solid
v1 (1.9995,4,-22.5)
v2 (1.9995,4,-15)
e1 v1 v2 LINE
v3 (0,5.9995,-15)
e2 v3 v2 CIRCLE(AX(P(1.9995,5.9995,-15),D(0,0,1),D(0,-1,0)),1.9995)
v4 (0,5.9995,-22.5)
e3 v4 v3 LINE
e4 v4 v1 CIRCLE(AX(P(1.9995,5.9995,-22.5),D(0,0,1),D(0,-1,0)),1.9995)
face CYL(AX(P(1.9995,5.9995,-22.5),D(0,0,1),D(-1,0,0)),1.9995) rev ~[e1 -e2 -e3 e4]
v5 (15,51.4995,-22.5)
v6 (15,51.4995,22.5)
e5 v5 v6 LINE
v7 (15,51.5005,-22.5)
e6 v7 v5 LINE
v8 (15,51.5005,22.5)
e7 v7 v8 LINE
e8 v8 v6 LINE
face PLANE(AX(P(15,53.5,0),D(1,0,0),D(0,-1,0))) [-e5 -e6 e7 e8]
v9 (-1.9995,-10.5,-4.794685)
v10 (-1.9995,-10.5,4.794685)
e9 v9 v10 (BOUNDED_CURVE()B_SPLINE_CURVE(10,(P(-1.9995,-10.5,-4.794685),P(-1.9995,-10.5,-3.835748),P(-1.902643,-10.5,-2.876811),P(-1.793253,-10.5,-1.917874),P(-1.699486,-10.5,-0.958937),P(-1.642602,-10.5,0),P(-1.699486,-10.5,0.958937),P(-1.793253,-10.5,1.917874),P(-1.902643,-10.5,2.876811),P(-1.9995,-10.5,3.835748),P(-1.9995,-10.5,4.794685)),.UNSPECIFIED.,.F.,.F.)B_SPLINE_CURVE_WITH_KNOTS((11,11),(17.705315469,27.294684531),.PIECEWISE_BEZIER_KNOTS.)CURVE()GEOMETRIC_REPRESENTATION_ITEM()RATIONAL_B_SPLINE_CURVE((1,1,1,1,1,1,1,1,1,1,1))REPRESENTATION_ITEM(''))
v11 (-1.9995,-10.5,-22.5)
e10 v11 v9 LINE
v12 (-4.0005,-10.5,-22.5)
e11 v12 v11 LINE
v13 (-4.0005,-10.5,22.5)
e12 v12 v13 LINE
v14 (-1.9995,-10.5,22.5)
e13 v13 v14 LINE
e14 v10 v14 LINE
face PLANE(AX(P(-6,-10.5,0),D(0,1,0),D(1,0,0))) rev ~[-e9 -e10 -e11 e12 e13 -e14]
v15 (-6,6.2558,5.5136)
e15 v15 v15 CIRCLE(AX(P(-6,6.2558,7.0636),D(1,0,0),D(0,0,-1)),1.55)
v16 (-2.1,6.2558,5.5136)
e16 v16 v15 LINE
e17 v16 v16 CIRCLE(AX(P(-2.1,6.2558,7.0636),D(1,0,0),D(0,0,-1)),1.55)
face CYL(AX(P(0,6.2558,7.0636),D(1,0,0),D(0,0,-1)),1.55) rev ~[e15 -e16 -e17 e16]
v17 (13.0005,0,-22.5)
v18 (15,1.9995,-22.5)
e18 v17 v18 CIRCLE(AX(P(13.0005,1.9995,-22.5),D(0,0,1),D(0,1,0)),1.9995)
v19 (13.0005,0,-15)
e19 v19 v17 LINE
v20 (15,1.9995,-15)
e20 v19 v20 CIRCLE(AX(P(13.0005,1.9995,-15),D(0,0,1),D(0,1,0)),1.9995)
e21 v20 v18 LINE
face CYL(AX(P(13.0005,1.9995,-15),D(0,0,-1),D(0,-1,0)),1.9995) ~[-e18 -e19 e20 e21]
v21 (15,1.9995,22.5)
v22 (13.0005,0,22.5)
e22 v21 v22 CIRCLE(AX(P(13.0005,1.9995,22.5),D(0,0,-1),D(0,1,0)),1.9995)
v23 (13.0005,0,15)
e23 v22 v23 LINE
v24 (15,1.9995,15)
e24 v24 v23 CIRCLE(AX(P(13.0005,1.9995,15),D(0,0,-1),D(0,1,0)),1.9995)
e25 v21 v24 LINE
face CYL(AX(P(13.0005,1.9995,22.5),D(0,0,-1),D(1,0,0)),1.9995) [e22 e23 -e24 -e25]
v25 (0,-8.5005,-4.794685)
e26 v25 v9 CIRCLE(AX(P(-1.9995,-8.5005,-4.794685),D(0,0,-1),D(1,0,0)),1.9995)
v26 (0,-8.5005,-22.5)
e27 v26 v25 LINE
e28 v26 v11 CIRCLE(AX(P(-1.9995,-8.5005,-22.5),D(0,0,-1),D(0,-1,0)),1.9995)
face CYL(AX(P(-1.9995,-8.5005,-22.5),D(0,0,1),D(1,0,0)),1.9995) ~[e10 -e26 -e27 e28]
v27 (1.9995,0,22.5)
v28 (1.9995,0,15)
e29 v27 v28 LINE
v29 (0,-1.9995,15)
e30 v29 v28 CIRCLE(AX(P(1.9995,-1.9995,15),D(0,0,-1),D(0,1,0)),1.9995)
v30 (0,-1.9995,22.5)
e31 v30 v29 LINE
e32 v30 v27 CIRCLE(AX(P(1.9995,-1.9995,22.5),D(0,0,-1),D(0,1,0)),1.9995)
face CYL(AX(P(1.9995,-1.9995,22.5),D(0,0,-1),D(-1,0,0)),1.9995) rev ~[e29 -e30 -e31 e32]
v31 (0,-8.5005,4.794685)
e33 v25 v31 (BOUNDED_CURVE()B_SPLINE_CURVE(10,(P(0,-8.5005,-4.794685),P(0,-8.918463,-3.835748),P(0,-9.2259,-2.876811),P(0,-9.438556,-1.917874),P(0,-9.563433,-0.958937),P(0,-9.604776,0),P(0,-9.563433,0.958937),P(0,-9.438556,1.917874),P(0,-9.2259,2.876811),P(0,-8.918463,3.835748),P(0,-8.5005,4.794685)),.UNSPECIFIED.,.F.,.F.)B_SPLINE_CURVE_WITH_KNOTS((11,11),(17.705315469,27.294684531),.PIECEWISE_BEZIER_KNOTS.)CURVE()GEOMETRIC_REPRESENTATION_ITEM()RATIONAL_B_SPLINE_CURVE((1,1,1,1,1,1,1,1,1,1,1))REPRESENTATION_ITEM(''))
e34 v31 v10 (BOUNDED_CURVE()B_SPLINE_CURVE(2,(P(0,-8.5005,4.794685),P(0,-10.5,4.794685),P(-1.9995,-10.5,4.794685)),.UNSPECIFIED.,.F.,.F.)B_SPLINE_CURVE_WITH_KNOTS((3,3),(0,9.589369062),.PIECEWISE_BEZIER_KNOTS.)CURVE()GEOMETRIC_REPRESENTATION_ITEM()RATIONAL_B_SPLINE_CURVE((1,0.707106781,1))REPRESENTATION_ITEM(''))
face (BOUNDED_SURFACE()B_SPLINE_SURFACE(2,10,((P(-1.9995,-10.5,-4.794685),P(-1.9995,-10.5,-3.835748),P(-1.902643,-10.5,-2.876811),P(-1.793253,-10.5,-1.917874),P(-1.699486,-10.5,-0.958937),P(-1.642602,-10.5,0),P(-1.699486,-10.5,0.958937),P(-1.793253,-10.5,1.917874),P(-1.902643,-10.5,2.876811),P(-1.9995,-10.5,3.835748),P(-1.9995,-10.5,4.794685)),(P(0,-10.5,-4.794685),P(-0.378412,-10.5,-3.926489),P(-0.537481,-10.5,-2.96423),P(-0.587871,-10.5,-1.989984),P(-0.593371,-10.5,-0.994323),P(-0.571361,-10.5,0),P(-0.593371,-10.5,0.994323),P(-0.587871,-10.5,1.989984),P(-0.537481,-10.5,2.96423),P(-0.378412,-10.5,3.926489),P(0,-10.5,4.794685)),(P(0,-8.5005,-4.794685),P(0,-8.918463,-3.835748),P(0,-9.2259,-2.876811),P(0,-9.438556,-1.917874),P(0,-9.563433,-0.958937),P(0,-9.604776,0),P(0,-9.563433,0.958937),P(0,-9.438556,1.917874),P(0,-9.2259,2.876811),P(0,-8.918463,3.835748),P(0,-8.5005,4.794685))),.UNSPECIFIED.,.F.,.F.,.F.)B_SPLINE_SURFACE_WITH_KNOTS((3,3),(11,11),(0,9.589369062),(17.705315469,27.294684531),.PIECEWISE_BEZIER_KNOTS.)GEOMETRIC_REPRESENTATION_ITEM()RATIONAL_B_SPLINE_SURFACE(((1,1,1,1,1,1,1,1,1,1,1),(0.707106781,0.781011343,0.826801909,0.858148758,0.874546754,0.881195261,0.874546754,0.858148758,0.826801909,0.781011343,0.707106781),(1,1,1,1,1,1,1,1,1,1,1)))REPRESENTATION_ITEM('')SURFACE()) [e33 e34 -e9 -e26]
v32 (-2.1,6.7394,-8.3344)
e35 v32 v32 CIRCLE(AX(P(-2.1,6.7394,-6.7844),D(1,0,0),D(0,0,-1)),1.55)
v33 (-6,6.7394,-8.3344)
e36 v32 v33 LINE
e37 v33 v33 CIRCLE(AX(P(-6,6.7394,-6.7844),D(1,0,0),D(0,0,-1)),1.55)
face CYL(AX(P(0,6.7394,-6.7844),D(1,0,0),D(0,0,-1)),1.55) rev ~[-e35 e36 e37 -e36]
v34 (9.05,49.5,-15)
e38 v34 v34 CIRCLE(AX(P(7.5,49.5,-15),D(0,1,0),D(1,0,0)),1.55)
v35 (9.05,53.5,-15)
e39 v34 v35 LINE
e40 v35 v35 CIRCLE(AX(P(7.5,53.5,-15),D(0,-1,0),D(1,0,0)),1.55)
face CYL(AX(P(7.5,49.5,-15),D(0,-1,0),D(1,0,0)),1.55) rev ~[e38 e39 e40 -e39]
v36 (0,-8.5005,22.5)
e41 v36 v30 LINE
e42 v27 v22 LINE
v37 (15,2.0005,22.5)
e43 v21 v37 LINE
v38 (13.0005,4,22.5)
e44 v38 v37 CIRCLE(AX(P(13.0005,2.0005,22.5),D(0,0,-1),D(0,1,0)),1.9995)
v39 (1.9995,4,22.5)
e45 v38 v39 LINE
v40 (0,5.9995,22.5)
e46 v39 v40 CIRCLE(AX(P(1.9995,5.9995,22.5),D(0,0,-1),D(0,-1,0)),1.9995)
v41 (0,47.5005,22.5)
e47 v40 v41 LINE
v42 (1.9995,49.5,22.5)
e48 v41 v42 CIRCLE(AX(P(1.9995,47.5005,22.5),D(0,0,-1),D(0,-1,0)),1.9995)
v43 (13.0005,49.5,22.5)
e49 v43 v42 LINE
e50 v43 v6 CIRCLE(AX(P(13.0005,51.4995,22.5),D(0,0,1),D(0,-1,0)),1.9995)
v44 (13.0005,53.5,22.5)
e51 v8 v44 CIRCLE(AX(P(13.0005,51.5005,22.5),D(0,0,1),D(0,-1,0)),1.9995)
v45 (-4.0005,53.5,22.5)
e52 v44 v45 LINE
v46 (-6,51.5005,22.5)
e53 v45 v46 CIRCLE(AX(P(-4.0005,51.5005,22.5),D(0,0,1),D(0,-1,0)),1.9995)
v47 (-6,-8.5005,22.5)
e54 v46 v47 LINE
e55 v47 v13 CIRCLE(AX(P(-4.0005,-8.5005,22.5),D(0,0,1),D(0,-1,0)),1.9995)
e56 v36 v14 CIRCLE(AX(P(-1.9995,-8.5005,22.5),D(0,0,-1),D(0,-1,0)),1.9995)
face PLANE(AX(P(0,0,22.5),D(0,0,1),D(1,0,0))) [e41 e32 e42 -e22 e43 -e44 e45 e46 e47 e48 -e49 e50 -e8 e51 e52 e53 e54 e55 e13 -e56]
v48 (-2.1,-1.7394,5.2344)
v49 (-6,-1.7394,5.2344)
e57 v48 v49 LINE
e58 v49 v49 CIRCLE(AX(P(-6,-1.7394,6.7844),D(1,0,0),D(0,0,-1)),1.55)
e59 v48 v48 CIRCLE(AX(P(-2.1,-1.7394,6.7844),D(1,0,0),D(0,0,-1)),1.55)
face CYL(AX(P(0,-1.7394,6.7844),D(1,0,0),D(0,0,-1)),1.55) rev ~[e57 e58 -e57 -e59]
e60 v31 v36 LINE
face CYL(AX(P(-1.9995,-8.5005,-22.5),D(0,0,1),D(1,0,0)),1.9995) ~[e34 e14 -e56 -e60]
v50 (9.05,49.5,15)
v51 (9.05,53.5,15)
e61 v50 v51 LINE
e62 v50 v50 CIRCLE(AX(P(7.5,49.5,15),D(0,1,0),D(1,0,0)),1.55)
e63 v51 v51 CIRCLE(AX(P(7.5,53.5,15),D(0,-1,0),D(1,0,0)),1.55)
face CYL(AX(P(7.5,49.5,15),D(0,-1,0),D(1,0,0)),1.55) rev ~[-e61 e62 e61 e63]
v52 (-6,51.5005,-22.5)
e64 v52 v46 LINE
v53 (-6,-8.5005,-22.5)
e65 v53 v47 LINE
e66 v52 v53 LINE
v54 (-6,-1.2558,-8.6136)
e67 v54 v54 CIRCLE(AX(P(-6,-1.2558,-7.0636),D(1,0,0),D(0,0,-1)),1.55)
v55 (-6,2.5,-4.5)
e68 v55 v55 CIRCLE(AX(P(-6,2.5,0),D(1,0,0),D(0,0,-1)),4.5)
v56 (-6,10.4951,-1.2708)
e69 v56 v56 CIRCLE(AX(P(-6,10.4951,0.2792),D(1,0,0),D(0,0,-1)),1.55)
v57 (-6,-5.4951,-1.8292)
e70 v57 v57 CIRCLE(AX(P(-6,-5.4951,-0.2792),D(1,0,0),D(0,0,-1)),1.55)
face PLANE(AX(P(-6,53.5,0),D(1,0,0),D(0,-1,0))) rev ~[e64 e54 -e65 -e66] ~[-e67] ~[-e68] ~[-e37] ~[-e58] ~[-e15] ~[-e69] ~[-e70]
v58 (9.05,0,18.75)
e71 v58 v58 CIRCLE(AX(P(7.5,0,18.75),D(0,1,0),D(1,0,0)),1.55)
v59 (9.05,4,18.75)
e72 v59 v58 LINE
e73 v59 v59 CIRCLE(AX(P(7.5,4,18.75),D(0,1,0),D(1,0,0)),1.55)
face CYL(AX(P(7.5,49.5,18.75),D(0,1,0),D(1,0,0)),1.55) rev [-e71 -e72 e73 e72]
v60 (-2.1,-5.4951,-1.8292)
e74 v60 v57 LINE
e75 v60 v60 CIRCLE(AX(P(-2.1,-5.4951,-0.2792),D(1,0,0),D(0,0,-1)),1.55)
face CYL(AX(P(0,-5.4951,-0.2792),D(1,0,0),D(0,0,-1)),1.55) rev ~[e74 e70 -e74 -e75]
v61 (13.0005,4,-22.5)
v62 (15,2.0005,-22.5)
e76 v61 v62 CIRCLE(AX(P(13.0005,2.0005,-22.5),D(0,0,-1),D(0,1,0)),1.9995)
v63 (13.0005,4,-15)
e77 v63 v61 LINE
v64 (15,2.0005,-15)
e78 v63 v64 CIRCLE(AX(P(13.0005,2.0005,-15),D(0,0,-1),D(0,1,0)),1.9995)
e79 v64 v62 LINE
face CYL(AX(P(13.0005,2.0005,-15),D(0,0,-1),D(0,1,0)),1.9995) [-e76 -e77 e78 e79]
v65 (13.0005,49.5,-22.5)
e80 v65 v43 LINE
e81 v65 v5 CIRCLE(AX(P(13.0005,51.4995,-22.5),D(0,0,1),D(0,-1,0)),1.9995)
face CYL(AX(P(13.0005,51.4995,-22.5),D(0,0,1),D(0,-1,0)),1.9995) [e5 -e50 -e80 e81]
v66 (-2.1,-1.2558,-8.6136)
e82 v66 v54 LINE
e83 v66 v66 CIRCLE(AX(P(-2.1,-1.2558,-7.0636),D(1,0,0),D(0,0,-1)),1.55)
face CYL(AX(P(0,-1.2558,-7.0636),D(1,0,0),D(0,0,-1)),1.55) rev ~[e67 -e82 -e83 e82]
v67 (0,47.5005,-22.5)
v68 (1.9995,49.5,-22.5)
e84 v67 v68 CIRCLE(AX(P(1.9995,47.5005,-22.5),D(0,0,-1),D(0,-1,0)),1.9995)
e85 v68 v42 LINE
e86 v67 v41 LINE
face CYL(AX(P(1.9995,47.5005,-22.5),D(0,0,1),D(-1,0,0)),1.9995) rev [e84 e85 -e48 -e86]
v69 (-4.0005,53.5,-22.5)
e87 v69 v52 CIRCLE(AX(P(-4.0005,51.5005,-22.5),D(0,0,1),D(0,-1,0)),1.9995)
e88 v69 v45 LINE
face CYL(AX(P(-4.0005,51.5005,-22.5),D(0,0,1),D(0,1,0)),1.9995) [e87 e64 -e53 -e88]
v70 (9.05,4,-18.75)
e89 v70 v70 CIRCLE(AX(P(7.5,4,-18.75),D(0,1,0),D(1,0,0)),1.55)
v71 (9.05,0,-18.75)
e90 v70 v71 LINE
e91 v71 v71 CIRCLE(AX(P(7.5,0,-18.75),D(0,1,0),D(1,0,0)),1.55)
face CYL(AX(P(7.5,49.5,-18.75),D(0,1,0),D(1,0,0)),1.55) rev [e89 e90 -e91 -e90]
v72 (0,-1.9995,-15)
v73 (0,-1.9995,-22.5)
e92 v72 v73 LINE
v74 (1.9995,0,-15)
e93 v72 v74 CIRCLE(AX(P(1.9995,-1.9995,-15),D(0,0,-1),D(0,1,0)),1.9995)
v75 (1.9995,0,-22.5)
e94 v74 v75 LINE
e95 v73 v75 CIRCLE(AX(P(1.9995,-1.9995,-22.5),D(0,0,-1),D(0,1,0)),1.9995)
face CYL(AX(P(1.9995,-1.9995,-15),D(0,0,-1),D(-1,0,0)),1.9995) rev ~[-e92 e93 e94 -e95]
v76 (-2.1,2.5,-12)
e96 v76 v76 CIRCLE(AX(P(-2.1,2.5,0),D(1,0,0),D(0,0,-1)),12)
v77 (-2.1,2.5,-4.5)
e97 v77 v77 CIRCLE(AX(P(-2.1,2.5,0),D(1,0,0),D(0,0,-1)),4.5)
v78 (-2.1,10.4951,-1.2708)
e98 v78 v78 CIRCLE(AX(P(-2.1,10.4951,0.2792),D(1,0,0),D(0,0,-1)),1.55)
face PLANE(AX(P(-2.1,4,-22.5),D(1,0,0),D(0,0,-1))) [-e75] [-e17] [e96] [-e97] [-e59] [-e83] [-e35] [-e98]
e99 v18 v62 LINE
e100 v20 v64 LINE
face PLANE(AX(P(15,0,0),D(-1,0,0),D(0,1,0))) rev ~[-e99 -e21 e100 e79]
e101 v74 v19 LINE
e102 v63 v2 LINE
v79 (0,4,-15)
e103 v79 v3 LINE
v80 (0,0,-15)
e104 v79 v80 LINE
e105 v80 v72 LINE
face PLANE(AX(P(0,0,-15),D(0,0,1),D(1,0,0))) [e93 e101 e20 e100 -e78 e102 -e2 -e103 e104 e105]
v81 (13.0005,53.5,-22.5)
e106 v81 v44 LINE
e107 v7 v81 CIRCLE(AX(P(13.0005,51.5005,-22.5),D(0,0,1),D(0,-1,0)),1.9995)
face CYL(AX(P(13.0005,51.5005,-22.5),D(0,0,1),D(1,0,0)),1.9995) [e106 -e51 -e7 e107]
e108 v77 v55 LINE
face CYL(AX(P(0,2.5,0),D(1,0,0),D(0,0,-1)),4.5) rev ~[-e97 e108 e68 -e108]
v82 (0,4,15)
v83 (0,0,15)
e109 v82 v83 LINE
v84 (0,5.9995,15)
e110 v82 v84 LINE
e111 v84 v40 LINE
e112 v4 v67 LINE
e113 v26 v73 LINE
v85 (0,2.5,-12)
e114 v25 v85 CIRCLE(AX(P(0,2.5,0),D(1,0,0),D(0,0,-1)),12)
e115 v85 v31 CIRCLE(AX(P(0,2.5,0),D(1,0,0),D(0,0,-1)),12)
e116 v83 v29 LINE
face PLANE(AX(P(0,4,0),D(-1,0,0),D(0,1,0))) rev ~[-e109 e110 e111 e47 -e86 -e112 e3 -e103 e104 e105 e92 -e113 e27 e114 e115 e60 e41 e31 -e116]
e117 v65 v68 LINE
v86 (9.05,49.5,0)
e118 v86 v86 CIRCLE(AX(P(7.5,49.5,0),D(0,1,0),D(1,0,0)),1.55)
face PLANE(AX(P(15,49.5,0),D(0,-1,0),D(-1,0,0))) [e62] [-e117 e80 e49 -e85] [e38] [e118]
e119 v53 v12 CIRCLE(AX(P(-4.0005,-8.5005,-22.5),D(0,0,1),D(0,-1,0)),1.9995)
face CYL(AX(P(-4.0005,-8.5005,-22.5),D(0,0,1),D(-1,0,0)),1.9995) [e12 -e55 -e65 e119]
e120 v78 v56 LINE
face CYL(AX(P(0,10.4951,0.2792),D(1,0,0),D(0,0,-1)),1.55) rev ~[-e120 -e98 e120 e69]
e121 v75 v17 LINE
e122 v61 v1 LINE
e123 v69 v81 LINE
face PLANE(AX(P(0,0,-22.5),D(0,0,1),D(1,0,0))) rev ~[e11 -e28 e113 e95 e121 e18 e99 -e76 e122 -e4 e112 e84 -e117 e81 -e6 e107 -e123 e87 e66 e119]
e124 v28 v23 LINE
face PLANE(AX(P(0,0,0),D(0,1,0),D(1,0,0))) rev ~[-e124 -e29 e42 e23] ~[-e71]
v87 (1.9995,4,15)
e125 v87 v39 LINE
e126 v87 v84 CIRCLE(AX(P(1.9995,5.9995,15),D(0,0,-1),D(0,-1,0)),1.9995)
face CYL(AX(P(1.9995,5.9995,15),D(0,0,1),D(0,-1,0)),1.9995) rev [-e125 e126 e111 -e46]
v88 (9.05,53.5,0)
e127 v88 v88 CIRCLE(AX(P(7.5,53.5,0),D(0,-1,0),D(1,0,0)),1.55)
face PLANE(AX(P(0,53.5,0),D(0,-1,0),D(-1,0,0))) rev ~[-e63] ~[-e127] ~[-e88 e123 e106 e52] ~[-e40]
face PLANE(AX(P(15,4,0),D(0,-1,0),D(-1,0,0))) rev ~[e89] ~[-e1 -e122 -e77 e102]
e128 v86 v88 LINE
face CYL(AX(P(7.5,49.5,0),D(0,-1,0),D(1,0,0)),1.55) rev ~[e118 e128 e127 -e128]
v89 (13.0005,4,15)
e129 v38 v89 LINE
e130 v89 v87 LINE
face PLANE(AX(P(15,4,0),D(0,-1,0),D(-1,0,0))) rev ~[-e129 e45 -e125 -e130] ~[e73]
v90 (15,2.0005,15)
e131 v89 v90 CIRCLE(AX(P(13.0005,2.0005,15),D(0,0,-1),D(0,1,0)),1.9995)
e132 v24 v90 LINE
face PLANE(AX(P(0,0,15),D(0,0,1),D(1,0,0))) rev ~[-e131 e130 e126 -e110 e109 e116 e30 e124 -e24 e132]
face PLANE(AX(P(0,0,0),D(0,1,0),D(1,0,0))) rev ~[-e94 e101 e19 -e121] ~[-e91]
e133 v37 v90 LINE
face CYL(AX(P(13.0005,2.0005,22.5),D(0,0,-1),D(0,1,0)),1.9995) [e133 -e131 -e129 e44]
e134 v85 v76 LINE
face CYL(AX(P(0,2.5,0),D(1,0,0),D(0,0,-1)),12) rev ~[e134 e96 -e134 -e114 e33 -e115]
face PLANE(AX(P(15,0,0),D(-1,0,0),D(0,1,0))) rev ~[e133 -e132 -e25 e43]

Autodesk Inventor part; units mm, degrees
ref_plane "YZ Plane" through (0, 0, 0) normal (1, 0, 0) x (0, 1, 0)
ref_plane "XZ Plane" through (0, 0, 0) normal (0, 1, 0) x (-1, 0, 0)
ref_plane "XY Plane" through (0, 0, 0) normal (0, 0, 1) x (1, 0, 0)
sketch "Sketch1" plane through (0, 0, 0) normal (0, 0, 1) x (1, 0, 0)
  line L0 (0, 0) -> (15, 0)
  line L1 (15, 0) -> (15, 4)
  line L2 (15, 4) -> (0, 4)
  line L3 (0, 4) -> (0, 0)
  line L4 (0, 53.5) -> (15, 53.5)
  line L5 (15, 53.5) -> (15, 49.5)
  line L6 (15, 49.5) -> (0, 49.5)
  line L7 (0, 49.5) -> (0, 53.5)
  line L8 (0, 53.5) -> (-6, 53.5)
  line L9 (-6, 53.5) -> (-6, -10.5)
  line L10 (-6, -10.5) -> (0, -10.5)
  line L11 (0, -10.5) -> (0, 53.5)
  point P0 (0, 49.5)
  dimension "d0" = 15
  dimension "d1" = 4
  dimension "d2" = 15
  dimension "d3" = 4
  dimension "d4" = 45.5
  dimension "d5" = 6
  dimension "d6" = 64
extrude "Extrusion1" add sketch "Sketch1" along normal mid plane 45
extrude "Extrusion2" cut sketch "Sketch1" along normal mid plane 30 contours L3 L2 L1 L0
sketch "Sketch3" plane through (0, 49.5, 22.5) normal (0, -1, 0) x (1, 0, 0)
  line L0 (0, 0) -> (15, 0) projected
  line L1 (7.5, 0) -> (7.5, -45)
  line L2 (15, -45) -> (0, -45) projected
  circle A0 centre (7.5, -3.75) radius 1.55
  circle A1 centre (7.5, -7.5) radius 1.55
  circle A2 centre (7.5, -22.5) radius 1.55
  circle A3 centre (7.5, -37.5) radius 1.55
  circle A4 centre (7.5, -41.25) radius 1.55
  line L3 (0, 0) -> (15, 0) projected
  line L4 (15, -45) -> (0, -45) projected
  line L5 (15, -45) -> (15, 0) projected
  point P0 (0, -22.5)
  dimension "d11" = 3.1
  dimension "d12" = 3.1
  dimension "d13" = 3.1
  dimension "d14" = 3.1
  dimension "d15" = 3.1
  dimension "d16" = 3.75
  dimension "d17" = 7.5
  dimension "d18" = 3.75
  dimension "d19" = 7.5
  dimension "d20" = 7.5
extrude "Extrusion3" cut sketch "Sketch3" along normal through all contours A0 L1 | L1 A0 | A4 L1 | L1 A4
extrude "Extrusion4" cut sketch "Sketch3" against normal through all contours A1 L1 | L1 A1 | A2 L1 | L1 A2 | A3 L1 | L1 A3
sketch "Sketch4" plane through (0, 4, -22.5) normal (1, 0, 0) x (0, 0, -1)
  circle A0 centre (-22.5, -1.5) radius 8 construction
  line L0 (-22.7792, 6.4951) -> (-22.2208, -9.4951) construction
  circle A1 centre (-22.7792, 6.4951) radius 1.55
  circle A2 centre (-22.5, -1.5) radius 4.5
  circle A3 centre (-22.5, -1.5) radius 12
  circle A4 centre (-29.5636, 2.2558) radius 1.55
  circle A5 centre (-29.2844, -5.7394) radius 1.55
  circle A6 centre (-22.2208, -9.4951) radius 1.55
  circle A7 centre (-15.4364, -5.2558) radius 1.55
  circle A8 centre (-15.7156, 2.7394) radius 1.55
  line L1 (-45, -14.5) -> (0, -14.5) projected
  line L2 (-22.5, -1.5) -> (-22.5, -14.5) construction
  point P0 (-22.5, -4)
  dimension "d25" = 16
  dimension "d26" = 3.1
  dimension "d29" = 9
  dimension "d30" = 24
  dimension "d33" = 360
  dimension "d43" = 13
  dimension "d44" = 2
extrude "Extrusion5" cut sketch "Sketch4" against normal blind 2.1
extrude "Extrusion6" cut sketch "Sketch4" against normal through all contours A1 | A2 | A4 | A5 | A6 | A7 | A8
fillet "Fillet1" radius 2 14 edges at (0, 49.5, 0) (15, 49.5, 0) (15, 53.5, 0) (-6, 53.5, 0) (0, 4, 18.75) (0, 4, -18.75) (15, 4, -18.75) (15, 0, -18.75) (15, 4, 18.75) (15, 0, 18.75) (0, -10.5, 0) (0, 0, 18.75) (0, 0, -18.75) (-6, -10.5, 0)
properties part number "MotorBracket" material "PC/ABS Plastic"
